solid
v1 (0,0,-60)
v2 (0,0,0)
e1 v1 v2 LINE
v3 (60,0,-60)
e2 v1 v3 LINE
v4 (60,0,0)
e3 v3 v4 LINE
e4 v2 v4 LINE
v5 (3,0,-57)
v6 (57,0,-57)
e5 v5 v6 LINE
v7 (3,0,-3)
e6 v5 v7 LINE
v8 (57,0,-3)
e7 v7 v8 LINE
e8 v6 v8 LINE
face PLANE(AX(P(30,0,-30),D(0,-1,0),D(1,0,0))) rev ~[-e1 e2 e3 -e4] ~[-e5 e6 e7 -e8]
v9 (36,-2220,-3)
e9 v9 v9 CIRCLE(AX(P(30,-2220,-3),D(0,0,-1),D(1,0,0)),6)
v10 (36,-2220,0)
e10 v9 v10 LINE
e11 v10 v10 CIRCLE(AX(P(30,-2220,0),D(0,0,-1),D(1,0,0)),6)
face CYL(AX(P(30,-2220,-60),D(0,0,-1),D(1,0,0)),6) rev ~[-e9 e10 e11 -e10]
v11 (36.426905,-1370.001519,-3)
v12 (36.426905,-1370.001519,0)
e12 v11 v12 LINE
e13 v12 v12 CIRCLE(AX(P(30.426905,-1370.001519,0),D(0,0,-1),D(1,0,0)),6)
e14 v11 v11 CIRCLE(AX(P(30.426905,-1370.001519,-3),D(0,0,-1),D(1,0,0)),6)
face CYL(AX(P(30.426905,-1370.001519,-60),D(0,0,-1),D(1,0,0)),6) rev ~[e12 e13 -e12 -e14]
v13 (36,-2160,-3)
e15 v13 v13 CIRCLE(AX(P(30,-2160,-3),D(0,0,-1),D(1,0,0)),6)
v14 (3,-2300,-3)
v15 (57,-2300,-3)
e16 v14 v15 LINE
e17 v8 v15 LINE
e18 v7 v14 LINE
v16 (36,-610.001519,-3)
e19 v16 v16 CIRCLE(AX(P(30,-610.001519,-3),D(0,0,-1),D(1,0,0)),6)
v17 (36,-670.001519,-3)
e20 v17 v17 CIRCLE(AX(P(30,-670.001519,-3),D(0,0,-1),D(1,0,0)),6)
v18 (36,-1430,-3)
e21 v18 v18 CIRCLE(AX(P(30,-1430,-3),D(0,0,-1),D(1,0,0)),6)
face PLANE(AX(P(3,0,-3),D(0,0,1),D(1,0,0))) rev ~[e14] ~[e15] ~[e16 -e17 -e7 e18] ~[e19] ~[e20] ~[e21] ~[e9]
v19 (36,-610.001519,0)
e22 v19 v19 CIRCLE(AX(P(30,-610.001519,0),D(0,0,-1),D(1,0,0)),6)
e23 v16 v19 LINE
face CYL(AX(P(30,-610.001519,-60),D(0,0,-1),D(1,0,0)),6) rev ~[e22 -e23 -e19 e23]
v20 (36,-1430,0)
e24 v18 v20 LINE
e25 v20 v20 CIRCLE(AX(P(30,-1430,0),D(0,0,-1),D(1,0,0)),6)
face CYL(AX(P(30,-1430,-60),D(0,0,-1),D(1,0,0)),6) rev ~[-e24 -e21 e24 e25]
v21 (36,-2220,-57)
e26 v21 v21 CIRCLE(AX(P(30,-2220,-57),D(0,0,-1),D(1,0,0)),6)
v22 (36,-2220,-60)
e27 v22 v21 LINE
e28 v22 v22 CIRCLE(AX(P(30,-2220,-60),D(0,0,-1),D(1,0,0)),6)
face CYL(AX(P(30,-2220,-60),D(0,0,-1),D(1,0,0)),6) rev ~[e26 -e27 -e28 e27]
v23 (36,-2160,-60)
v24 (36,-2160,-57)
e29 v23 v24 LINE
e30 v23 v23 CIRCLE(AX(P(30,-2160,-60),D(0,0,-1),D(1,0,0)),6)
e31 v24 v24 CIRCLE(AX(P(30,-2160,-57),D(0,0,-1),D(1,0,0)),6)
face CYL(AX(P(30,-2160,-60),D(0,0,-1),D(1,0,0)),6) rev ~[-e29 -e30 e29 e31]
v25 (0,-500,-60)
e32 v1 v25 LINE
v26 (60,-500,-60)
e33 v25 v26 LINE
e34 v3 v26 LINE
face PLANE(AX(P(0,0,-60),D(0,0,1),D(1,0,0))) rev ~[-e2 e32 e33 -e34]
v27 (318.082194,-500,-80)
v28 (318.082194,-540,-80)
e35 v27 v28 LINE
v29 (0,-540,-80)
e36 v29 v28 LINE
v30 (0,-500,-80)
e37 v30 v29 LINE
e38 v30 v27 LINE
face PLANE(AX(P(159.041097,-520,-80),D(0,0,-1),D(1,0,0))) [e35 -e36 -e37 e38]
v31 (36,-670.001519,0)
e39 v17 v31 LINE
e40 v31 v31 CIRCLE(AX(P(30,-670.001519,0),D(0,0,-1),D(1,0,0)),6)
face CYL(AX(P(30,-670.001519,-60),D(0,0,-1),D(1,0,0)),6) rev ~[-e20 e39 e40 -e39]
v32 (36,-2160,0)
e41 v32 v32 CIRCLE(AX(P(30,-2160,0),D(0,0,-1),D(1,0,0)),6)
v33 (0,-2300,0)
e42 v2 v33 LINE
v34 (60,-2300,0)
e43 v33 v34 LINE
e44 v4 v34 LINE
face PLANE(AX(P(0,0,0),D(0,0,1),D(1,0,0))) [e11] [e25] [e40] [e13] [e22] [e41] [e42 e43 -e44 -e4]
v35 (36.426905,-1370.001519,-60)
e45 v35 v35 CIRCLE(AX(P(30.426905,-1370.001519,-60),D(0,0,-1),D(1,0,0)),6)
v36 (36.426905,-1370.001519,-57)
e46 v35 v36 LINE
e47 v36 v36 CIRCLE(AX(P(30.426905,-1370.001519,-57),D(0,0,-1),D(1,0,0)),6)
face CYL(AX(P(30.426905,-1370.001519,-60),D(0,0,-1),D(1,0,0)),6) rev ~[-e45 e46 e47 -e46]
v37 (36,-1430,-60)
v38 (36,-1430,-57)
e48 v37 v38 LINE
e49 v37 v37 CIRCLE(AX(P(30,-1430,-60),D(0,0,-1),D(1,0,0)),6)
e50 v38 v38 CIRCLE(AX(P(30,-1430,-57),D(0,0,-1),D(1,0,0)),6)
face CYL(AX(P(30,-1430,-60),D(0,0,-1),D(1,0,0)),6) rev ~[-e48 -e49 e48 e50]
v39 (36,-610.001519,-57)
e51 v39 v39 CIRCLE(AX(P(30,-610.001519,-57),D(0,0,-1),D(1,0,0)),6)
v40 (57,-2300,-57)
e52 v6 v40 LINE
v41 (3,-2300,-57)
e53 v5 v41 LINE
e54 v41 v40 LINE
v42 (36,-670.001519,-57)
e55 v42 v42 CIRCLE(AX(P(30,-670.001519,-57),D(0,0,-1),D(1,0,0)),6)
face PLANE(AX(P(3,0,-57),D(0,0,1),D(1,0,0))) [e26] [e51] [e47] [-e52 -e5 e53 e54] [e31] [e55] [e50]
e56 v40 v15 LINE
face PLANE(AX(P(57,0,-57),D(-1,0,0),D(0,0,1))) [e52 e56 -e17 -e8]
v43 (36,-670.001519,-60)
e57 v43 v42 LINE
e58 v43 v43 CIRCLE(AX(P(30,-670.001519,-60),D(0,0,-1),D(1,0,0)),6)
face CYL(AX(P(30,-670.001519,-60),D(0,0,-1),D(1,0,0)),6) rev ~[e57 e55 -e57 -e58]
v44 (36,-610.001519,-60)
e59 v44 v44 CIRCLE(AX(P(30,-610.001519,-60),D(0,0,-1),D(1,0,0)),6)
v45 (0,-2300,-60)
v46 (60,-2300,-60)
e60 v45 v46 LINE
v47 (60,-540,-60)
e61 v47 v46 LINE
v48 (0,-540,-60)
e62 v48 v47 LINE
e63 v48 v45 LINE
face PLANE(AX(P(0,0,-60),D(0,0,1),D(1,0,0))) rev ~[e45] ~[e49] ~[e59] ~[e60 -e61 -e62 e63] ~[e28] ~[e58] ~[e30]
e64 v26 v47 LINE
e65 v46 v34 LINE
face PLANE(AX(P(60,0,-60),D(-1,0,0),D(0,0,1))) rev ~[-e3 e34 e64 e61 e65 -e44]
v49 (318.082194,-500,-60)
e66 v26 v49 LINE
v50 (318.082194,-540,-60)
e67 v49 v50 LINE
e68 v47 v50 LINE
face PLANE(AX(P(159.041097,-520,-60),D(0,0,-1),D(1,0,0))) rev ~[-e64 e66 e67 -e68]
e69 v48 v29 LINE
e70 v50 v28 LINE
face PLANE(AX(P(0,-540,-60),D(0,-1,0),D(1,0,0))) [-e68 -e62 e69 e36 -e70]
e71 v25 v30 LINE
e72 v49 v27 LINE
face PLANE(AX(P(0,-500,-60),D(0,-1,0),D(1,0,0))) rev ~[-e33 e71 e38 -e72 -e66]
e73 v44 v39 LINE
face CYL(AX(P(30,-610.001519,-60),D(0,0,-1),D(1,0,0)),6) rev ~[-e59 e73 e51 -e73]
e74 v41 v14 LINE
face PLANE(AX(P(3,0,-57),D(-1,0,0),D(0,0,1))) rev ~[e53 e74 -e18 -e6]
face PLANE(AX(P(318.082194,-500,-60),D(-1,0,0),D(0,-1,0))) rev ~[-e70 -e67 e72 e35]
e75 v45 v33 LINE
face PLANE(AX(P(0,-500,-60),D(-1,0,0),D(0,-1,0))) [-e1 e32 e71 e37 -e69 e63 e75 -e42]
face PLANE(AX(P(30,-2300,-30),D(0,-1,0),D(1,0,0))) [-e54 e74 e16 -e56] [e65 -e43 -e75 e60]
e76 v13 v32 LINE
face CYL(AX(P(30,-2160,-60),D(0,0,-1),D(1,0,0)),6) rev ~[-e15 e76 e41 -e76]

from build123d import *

# Parameters (mm, degrees)
F0_W     = 60
F0_H     = 60
F0_W_2   = 54
F0_H_2   = 54
F1_DEPTH = 2300
F2_R     = 6
F3_DEPTH = 100
F4_W     = 318.082194
F4_H     = 40
F5_DEPTH = 20


with BuildPart() as f1:
    # F0 (on Front) → F1 (new body)
    with BuildSketch(Plane.XZ):
        with Locations((30, -30)):
            Rectangle(F0_W, F0_H)
        with Locations((30, -30)):
            Rectangle(F0_W_2, F0_H_2, mode=Mode.SUBTRACT)
    extrude(amount=F1_DEPTH)

    # F2 (on face) → F3 (cut)
    with BuildSketch(Plane(origin=(0, 0, -60), x_dir=(1, 0, 0), z_dir=(0, 0, -1))):
        with Locations((30, 610.001519)):
            Circle(F2_R)
        with Locations((30, 670.001519)):
            Circle(F2_R)
        with Locations((30, 1430)):
            Circle(F2_R)
        with Locations((30.426905, 1370.001519)):
            Circle(F2_R)
        with Locations((30, 2220)):
            Circle(F2_R)
        with Locations((30, 2160)):
            Circle(F2_R)
    extrude(amount=-F3_DEPTH, mode=Mode.SUBTRACT)

    # F4 (on face) → F5 (join)
    with BuildSketch(Plane(origin=(0, 0, -60), x_dir=(1, 0, 0), z_dir=(0, 0, -1))):
        with Locations((159.041097, 520)):
            Rectangle(F4_W, F4_H)
    extrude(amount=F5_DEPTH)


solid = f1.part
